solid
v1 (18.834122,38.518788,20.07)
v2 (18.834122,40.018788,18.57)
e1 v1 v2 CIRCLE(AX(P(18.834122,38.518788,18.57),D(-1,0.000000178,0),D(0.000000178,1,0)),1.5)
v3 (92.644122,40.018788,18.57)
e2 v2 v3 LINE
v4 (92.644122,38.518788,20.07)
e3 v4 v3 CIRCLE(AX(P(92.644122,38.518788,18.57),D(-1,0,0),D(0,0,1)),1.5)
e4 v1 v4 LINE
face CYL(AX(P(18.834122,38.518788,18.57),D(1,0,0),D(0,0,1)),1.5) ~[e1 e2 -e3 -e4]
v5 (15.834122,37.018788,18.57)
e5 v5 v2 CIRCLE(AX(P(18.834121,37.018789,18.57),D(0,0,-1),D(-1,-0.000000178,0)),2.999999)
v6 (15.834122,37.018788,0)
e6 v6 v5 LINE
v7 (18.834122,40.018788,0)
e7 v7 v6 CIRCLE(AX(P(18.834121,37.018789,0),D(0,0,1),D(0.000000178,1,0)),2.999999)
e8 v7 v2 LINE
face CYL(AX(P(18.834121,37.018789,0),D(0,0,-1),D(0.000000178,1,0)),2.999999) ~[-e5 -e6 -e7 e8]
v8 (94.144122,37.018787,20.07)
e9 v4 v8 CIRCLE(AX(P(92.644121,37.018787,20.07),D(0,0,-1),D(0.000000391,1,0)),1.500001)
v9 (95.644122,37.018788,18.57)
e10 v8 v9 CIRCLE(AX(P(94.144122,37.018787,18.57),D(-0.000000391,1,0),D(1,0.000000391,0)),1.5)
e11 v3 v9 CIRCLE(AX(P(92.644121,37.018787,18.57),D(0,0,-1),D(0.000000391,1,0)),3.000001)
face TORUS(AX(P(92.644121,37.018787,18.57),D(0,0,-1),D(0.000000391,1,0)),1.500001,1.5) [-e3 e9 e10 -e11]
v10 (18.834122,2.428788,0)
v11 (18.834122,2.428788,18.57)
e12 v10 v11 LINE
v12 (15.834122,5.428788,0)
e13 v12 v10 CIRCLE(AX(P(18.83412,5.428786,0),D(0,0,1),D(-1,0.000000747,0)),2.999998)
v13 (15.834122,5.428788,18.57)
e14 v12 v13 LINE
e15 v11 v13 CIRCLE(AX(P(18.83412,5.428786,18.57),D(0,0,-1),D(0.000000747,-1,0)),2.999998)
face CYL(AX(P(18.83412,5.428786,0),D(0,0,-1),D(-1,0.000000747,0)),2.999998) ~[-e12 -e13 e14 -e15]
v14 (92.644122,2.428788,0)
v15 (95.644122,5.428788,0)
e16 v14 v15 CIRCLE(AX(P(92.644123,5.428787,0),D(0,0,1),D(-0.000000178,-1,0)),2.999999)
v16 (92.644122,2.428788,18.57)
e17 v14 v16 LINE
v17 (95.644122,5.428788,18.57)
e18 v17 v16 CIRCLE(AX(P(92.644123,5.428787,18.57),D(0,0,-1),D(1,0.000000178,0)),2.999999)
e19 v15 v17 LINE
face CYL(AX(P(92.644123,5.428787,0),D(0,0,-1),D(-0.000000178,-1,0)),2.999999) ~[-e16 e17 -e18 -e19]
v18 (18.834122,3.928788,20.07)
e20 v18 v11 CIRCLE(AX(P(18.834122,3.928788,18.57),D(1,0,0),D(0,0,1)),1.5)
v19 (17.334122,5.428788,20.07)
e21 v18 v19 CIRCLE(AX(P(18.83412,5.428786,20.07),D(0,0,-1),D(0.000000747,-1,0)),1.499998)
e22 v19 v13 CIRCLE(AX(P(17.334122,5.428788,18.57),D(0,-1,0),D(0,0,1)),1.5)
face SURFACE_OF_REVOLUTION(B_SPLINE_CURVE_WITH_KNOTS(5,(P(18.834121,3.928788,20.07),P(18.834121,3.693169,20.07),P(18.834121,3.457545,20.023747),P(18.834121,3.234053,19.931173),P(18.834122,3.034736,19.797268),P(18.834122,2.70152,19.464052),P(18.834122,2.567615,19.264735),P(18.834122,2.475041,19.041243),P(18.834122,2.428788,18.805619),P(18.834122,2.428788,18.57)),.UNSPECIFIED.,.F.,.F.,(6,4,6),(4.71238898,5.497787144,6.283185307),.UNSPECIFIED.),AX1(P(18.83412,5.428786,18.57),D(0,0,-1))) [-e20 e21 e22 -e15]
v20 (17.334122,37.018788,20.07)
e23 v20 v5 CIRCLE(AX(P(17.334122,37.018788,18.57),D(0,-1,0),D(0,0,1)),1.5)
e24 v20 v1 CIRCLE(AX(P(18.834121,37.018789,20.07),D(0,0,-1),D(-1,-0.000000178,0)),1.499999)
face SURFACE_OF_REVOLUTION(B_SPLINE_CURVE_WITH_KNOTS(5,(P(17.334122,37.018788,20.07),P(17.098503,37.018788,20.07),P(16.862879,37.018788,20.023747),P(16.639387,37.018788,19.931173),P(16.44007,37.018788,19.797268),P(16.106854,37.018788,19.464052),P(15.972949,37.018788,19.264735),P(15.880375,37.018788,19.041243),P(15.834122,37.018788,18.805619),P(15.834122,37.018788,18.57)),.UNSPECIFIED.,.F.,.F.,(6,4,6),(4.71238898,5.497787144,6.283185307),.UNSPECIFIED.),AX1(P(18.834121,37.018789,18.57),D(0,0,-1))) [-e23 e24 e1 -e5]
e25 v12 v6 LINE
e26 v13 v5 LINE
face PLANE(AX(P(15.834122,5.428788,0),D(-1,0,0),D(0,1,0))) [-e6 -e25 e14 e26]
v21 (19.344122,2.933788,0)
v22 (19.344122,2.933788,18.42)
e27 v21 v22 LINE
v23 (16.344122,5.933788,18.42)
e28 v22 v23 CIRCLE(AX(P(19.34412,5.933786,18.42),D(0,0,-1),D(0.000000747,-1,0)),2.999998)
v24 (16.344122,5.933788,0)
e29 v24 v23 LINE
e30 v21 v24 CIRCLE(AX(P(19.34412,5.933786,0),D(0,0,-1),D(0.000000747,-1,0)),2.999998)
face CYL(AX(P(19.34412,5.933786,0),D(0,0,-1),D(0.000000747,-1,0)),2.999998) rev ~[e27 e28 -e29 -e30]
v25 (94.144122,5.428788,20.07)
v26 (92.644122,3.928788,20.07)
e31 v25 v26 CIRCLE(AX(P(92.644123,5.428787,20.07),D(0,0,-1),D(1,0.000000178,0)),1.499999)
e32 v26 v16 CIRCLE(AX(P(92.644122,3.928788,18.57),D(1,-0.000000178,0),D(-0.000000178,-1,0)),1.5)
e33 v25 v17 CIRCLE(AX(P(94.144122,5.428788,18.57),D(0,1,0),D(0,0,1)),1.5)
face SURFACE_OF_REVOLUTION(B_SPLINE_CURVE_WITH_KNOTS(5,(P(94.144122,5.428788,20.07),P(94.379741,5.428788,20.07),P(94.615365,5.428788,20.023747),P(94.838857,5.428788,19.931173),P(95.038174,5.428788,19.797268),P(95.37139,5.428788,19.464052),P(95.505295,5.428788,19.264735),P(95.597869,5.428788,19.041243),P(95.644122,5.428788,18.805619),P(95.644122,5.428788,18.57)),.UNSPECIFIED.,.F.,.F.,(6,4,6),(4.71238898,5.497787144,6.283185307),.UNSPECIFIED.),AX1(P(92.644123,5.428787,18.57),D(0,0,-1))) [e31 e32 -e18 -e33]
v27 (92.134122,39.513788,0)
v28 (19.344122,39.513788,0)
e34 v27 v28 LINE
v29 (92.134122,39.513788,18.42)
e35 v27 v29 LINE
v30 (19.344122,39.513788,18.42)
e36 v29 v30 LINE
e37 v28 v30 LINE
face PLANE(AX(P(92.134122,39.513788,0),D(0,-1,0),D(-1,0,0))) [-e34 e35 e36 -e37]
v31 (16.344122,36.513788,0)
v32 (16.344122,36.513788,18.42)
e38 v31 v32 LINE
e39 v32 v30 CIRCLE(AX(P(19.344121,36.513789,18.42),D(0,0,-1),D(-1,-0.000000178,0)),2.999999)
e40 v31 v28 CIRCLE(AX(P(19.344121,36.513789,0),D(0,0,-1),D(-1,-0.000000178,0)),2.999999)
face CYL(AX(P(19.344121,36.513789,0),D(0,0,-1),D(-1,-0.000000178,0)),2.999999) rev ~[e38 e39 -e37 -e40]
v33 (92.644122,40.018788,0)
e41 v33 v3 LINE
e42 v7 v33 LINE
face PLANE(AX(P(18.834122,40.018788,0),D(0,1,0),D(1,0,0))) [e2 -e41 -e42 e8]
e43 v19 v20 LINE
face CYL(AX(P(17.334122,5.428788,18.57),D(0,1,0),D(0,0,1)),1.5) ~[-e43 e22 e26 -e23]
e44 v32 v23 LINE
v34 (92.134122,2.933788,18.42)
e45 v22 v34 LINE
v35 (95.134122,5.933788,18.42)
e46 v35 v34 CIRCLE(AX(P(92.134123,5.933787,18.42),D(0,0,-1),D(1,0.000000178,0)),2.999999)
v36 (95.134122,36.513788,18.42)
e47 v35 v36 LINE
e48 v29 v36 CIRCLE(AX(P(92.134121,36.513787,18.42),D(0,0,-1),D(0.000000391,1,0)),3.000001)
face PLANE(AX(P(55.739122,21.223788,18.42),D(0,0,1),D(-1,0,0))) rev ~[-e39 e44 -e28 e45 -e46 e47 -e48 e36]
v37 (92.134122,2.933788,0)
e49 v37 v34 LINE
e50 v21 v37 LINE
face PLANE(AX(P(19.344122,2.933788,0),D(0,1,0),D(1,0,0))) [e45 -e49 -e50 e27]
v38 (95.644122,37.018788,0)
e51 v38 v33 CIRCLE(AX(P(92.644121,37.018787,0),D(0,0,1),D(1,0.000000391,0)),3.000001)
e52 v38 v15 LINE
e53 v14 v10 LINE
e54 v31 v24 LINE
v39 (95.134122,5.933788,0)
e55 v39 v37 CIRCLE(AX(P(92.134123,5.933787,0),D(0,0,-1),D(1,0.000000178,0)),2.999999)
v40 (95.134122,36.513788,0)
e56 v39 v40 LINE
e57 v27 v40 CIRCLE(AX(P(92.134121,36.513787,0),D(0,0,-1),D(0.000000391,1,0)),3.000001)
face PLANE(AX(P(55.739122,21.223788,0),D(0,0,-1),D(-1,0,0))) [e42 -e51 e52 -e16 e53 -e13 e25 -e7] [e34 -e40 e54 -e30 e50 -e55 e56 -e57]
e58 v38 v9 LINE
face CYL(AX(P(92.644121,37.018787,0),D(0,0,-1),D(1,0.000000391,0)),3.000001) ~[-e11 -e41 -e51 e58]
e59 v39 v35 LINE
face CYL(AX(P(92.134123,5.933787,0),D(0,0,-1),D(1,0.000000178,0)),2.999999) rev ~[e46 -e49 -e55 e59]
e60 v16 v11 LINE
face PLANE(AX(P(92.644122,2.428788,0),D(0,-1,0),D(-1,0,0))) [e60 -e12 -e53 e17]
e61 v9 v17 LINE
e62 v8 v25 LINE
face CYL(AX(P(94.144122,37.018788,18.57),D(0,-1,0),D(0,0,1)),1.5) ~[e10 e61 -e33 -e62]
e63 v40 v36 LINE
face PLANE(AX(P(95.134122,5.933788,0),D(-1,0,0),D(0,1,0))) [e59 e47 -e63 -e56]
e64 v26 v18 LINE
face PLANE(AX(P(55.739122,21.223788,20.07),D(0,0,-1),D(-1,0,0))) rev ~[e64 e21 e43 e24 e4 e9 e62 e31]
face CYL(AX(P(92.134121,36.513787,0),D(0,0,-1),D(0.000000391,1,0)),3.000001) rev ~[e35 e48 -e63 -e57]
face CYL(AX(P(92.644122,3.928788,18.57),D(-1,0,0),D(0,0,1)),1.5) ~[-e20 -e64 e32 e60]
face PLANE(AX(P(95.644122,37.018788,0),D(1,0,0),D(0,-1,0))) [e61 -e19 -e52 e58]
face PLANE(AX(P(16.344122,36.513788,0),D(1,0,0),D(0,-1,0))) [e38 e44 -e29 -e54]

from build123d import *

# Parameters (mm, degrees)
PAD_DEPTH    = 20.07
POCKET_DEPTH = 18.42
FILLET_R     = 1.5


with BuildPart() as part:
    # Sketch → Pad (new body)
    with BuildSketch(Plane.XY):
        with BuildLine():
            Line((18.834122, 40.018788), (92.644122, 40.018788))
            ThreePointArc((95.644122, 37.018788), (94.765442, 39.140108), (92.644122, 40.018788))
            Line((95.644122, 37.018788), (95.644122, 5.428788))
            ThreePointArc((92.644122, 2.428788), (94.765442, 3.307467), (95.644122, 5.428788))
            Line((92.644122, 2.428788), (18.834122, 2.428788))
            ThreePointArc((15.834122, 5.428788), (16.712801, 3.307467), (18.834122, 2.428788))
            Line((15.834122, 5.428788), (15.834122, 37.018788))
            ThreePointArc((18.834122, 40.018788), (16.712801, 39.140108), (15.834122, 37.018788))
        make_face()
    extrude(amount=PAD_DEPTH)

    # Sketch001 (on Face9 of Pad) → Pocket (cut)
    with BuildSketch(Plane(origin=(0, 0, 0), x_dir=(1, 0, 0), z_dir=(0, 0, -1))):
        with BuildLine():
            Line((19.344122, -2.933788), (92.134122, -2.933788))
            ThreePointArc((95.134122, -5.933788), (94.255442, -3.812467), (92.134122, -2.933788))
            Line((95.134122, -5.933788), (95.134122, -36.513788))
            ThreePointArc((92.134122, -39.513788), (94.255442, -38.635108), (95.134122, -36.513788))
            Line((92.134122, -39.513788), (19.344122, -39.513788))
            ThreePointArc((16.344122, -36.513788), (17.222801, -38.635108), (19.344122, -39.513788))
            Line((16.344122, -36.513788), (16.344122, -5.933788))
            ThreePointArc((19.344122, -2.933788), (17.222801, -3.812467), (16.344122, -5.933788))
        make_face()
    extrude(amount=-POCKET_DEPTH, mode=Mode.SUBTRACT)

    # Fillet
    fillet_edges = [part.edges().sort_by_distance(p)[0] for p in [
        (15.834122, 21.223788, 20.07),
        (16.712801, 39.140108, 20.07),
        (55.739122, 40.018788, 20.07),
        (94.765442, 39.140108, 20.07),
        (95.644122, 21.223788, 20.07),
        (94.765442, 3.307467, 20.07),
        (55.739122, 2.428788, 20.07),
        (16.712801, 3.307467, 20.07),
    ]]
    fillet(fillet_edges, radius=FILLET_R)


solid = part.part
